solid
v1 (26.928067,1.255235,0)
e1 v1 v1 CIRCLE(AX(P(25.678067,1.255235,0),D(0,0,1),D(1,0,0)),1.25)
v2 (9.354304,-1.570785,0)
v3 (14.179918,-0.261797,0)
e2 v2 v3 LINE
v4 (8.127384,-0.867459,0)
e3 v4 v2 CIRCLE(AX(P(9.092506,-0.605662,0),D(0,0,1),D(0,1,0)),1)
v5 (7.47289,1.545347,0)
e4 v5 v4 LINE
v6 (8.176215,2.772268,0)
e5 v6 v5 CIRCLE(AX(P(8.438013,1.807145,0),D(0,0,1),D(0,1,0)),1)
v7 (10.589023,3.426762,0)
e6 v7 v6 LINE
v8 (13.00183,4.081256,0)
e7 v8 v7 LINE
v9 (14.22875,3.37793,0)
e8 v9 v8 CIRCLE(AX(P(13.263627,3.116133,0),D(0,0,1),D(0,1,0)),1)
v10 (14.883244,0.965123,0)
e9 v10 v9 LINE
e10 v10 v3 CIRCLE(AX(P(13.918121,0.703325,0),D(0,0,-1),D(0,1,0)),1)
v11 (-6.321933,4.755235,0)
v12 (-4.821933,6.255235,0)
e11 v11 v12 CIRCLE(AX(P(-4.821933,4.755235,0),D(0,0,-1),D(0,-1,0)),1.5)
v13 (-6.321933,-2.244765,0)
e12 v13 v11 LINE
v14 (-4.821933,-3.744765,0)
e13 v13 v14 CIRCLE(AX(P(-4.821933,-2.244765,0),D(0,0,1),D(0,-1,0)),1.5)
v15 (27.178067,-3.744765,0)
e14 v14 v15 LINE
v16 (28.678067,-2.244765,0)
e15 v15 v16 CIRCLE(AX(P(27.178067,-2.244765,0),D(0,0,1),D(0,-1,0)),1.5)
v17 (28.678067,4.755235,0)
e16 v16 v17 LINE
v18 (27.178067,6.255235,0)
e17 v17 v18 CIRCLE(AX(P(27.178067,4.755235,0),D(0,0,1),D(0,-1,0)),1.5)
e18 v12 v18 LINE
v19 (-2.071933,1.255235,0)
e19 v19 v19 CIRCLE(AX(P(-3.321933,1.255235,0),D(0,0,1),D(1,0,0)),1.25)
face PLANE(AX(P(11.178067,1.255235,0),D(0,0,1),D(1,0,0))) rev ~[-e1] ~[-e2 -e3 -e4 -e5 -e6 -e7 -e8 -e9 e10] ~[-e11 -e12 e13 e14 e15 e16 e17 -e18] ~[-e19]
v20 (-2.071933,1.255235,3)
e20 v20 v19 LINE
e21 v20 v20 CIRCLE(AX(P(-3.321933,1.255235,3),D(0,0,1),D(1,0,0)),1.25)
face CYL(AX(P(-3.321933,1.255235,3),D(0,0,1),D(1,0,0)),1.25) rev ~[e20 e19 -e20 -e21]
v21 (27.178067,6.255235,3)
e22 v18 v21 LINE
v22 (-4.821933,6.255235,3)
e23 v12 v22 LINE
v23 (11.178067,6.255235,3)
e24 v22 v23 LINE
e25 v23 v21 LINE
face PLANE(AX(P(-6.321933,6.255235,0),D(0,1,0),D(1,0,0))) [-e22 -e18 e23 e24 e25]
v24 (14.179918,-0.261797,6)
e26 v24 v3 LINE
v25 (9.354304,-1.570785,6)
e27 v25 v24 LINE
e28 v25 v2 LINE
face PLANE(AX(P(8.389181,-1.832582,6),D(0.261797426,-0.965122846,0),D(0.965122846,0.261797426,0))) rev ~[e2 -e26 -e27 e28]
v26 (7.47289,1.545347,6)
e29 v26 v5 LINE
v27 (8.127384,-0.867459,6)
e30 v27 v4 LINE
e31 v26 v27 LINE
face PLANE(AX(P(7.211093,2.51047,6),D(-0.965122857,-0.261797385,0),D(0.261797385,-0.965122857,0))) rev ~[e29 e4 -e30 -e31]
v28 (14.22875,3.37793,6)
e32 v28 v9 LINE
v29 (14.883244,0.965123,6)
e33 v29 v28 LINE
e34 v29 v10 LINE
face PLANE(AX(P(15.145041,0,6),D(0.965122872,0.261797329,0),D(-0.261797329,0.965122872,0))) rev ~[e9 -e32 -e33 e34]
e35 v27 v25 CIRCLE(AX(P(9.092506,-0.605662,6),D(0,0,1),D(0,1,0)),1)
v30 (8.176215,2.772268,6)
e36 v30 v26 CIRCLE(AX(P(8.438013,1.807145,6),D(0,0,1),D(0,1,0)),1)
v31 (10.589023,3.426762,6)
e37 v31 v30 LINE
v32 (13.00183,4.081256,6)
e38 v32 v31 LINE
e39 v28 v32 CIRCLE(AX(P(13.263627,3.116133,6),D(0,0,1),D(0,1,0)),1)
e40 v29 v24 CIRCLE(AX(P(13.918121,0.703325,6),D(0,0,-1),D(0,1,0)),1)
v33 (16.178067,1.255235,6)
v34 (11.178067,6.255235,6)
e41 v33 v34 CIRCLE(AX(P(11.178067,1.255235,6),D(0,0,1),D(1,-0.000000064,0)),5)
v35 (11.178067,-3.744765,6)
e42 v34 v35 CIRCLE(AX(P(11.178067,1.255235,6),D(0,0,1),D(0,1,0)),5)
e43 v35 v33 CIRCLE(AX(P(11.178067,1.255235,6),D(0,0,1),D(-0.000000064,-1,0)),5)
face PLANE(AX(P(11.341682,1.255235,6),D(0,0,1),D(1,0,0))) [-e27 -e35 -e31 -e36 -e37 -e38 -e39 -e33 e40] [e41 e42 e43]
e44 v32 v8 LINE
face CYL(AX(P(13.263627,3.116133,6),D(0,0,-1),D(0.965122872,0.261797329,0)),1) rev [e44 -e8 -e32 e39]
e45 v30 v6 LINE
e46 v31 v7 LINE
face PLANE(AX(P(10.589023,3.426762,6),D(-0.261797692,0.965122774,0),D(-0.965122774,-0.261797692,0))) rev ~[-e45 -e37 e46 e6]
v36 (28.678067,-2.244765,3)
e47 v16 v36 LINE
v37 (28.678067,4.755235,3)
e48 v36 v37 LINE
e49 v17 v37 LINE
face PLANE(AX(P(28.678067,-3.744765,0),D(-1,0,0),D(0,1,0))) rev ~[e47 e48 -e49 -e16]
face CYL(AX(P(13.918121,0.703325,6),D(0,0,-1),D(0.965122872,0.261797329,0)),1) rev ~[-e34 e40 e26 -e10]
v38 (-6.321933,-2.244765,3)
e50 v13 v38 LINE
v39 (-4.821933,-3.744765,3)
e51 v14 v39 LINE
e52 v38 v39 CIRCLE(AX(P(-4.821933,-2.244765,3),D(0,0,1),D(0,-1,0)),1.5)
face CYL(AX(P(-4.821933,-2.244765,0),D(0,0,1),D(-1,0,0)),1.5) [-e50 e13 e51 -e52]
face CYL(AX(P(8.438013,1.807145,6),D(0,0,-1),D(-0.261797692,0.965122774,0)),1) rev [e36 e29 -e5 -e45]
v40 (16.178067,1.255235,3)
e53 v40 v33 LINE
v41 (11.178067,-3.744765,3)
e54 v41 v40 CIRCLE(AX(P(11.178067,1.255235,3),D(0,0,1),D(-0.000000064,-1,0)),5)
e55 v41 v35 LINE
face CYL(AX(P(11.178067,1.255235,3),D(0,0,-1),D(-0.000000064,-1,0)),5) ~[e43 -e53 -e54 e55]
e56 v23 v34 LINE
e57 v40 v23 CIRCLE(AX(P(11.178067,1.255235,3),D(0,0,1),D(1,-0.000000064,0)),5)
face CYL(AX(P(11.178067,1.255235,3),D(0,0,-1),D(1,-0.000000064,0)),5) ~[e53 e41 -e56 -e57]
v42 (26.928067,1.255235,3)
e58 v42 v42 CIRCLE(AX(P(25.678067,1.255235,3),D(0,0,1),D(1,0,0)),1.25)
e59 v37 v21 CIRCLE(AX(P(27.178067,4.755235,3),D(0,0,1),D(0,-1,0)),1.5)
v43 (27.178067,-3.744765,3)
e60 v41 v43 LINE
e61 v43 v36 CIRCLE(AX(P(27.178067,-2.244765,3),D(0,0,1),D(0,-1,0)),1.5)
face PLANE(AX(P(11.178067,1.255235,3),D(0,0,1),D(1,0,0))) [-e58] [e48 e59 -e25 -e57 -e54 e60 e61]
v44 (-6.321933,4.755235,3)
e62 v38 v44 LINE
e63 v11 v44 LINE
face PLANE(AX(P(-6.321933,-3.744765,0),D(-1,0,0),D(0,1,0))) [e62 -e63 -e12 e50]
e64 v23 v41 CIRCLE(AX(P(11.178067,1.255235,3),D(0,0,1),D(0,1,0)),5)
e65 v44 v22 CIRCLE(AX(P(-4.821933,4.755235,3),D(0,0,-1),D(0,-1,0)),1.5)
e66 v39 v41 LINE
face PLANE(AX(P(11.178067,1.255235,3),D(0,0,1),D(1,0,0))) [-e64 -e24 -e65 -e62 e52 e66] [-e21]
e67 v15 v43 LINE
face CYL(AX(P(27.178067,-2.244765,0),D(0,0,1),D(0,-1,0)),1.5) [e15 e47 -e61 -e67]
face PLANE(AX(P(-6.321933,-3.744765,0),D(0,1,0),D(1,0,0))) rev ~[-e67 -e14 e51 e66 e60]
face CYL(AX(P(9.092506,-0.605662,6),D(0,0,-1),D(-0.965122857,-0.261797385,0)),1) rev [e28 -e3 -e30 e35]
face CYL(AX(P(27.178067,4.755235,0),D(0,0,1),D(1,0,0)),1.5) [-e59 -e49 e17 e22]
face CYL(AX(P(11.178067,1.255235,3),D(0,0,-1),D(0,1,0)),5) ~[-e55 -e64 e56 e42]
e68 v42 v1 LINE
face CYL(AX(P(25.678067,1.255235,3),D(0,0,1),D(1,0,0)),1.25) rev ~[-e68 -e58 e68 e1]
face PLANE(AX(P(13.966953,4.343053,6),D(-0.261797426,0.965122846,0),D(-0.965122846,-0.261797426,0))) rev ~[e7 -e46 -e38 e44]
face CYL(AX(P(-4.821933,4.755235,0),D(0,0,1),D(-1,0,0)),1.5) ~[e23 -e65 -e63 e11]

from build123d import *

# Parameters (mm, degrees)
F0_W      = 35
F0_H      = 10
F1_DEPTH  = 3
F2_R      = 1.5
F4_DEPTH  = 3
F6_DEPTH  = 6
F7_R      = 1
F8_R      = 1.25
F10_DEPTH = 3
F9_R      = 1.25
F11_DEPTH = 3


with BuildPart() as f1:
    # F0 (on Top) → F1 (new body)
    with BuildSketch(Plane.XY):
        with Locations((11.178067, 1.255235)):
            Rectangle(F0_W, F0_H)
    extrude(amount=F1_DEPTH)

    # F2
    f2_edges = [f1.edges().sort_by_distance(p)[0] for p in [
        (-6.321933, -3.744765, 1.5),
        (-6.321933, 6.255235, 1.5),
        (28.678067, -3.744765, 1.5),
        (28.678067, 6.255235, 1.5),
    ]]
    fillet(f2_edges, radius=F2_R)

    # F3 (on face) → F4 (join)
    with BuildSketch(Plane.XY.offset(3)):
        with BuildLine():
            ThreePointArc((11.178067, -3.744765), (14.713601, -2.280299), (16.178067, 1.255235))
            ThreePointArc((16.178067, 1.255235), (14.713601, 4.790769), (11.178067, 6.255235))
            ThreePointArc((11.178067, 6.255235), (6.178067, 1.255235), (11.178067, -3.744765))
        make_face()
    extrude(amount=F4_DEPTH)

    # F5 (on face) → F6 (cut)
    with BuildSketch(Plane.XY.offset(6)):
        with BuildLine():
            ThreePointArc((13.428067, 1.255235), (12.545025, 3.042391), (10.589023, 3.426762))
            ThreePointArc((10.589023, 3.426762), (9.006541, 0.666191), (11.767111, -0.916291))
            ThreePointArc((11.767111, -0.916291), (12.965222, -0.111723), (13.428067, 1.255235))
        make_face()
        with BuildLine():
            Line((13.966953, 4.343053), (10.589023, 3.426762))
            ThreePointArc((10.589023, 3.426762), (12.545025, 3.042391), (13.428067, 1.255235))
            ThreePointArc((13.428067, 1.255235), (12.965222, -0.111723), (11.767111, -0.916291))
            Line((11.767111, -0.916291), (15.145041, 0))
            Line((15.145041, 0), (13.966953, 4.343053))
        make_face()
        with BuildLine():
            Line((10.589023, 3.426762), (7.211093, 2.51047))
            Line((7.211093, 2.51047), (8.389181, -1.832582))
            Line((8.389181, -1.832582), (11.767111, -0.916291))
            ThreePointArc((11.767111, -0.916291), (9.006541, 0.666191), (10.589023, 3.426762))
        make_face()
    extrude(amount=-F6_DEPTH, mode=Mode.SUBTRACT)

    # F7
    f7_edges = [f1.edges().sort_by_distance(p)[0] for p in [
        (7.211093, 2.51047, 3),
        (8.389181, -1.832582, 3),
        (15.145041, 0, 3),
        (13.966953, 4.343053, 3),
    ]]
    fillet(f7_edges, radius=F7_R)

    # F8 (on face) → F10 (cut)
    with BuildSketch(Plane.XY.offset(3)):
        with Locations((-3.321933, 1.255235)):
            Circle(F8_R)
    extrude(amount=-F10_DEPTH, mode=Mode.SUBTRACT)

    # F9 (on face) → F11 (cut)
    with BuildSketch(Plane.XY.offset(3)):
        with Locations((25.678067, 1.255235)):
            Circle(F9_R)
    extrude(amount=-F11_DEPTH, mode=Mode.SUBTRACT)


solid = f1.part
